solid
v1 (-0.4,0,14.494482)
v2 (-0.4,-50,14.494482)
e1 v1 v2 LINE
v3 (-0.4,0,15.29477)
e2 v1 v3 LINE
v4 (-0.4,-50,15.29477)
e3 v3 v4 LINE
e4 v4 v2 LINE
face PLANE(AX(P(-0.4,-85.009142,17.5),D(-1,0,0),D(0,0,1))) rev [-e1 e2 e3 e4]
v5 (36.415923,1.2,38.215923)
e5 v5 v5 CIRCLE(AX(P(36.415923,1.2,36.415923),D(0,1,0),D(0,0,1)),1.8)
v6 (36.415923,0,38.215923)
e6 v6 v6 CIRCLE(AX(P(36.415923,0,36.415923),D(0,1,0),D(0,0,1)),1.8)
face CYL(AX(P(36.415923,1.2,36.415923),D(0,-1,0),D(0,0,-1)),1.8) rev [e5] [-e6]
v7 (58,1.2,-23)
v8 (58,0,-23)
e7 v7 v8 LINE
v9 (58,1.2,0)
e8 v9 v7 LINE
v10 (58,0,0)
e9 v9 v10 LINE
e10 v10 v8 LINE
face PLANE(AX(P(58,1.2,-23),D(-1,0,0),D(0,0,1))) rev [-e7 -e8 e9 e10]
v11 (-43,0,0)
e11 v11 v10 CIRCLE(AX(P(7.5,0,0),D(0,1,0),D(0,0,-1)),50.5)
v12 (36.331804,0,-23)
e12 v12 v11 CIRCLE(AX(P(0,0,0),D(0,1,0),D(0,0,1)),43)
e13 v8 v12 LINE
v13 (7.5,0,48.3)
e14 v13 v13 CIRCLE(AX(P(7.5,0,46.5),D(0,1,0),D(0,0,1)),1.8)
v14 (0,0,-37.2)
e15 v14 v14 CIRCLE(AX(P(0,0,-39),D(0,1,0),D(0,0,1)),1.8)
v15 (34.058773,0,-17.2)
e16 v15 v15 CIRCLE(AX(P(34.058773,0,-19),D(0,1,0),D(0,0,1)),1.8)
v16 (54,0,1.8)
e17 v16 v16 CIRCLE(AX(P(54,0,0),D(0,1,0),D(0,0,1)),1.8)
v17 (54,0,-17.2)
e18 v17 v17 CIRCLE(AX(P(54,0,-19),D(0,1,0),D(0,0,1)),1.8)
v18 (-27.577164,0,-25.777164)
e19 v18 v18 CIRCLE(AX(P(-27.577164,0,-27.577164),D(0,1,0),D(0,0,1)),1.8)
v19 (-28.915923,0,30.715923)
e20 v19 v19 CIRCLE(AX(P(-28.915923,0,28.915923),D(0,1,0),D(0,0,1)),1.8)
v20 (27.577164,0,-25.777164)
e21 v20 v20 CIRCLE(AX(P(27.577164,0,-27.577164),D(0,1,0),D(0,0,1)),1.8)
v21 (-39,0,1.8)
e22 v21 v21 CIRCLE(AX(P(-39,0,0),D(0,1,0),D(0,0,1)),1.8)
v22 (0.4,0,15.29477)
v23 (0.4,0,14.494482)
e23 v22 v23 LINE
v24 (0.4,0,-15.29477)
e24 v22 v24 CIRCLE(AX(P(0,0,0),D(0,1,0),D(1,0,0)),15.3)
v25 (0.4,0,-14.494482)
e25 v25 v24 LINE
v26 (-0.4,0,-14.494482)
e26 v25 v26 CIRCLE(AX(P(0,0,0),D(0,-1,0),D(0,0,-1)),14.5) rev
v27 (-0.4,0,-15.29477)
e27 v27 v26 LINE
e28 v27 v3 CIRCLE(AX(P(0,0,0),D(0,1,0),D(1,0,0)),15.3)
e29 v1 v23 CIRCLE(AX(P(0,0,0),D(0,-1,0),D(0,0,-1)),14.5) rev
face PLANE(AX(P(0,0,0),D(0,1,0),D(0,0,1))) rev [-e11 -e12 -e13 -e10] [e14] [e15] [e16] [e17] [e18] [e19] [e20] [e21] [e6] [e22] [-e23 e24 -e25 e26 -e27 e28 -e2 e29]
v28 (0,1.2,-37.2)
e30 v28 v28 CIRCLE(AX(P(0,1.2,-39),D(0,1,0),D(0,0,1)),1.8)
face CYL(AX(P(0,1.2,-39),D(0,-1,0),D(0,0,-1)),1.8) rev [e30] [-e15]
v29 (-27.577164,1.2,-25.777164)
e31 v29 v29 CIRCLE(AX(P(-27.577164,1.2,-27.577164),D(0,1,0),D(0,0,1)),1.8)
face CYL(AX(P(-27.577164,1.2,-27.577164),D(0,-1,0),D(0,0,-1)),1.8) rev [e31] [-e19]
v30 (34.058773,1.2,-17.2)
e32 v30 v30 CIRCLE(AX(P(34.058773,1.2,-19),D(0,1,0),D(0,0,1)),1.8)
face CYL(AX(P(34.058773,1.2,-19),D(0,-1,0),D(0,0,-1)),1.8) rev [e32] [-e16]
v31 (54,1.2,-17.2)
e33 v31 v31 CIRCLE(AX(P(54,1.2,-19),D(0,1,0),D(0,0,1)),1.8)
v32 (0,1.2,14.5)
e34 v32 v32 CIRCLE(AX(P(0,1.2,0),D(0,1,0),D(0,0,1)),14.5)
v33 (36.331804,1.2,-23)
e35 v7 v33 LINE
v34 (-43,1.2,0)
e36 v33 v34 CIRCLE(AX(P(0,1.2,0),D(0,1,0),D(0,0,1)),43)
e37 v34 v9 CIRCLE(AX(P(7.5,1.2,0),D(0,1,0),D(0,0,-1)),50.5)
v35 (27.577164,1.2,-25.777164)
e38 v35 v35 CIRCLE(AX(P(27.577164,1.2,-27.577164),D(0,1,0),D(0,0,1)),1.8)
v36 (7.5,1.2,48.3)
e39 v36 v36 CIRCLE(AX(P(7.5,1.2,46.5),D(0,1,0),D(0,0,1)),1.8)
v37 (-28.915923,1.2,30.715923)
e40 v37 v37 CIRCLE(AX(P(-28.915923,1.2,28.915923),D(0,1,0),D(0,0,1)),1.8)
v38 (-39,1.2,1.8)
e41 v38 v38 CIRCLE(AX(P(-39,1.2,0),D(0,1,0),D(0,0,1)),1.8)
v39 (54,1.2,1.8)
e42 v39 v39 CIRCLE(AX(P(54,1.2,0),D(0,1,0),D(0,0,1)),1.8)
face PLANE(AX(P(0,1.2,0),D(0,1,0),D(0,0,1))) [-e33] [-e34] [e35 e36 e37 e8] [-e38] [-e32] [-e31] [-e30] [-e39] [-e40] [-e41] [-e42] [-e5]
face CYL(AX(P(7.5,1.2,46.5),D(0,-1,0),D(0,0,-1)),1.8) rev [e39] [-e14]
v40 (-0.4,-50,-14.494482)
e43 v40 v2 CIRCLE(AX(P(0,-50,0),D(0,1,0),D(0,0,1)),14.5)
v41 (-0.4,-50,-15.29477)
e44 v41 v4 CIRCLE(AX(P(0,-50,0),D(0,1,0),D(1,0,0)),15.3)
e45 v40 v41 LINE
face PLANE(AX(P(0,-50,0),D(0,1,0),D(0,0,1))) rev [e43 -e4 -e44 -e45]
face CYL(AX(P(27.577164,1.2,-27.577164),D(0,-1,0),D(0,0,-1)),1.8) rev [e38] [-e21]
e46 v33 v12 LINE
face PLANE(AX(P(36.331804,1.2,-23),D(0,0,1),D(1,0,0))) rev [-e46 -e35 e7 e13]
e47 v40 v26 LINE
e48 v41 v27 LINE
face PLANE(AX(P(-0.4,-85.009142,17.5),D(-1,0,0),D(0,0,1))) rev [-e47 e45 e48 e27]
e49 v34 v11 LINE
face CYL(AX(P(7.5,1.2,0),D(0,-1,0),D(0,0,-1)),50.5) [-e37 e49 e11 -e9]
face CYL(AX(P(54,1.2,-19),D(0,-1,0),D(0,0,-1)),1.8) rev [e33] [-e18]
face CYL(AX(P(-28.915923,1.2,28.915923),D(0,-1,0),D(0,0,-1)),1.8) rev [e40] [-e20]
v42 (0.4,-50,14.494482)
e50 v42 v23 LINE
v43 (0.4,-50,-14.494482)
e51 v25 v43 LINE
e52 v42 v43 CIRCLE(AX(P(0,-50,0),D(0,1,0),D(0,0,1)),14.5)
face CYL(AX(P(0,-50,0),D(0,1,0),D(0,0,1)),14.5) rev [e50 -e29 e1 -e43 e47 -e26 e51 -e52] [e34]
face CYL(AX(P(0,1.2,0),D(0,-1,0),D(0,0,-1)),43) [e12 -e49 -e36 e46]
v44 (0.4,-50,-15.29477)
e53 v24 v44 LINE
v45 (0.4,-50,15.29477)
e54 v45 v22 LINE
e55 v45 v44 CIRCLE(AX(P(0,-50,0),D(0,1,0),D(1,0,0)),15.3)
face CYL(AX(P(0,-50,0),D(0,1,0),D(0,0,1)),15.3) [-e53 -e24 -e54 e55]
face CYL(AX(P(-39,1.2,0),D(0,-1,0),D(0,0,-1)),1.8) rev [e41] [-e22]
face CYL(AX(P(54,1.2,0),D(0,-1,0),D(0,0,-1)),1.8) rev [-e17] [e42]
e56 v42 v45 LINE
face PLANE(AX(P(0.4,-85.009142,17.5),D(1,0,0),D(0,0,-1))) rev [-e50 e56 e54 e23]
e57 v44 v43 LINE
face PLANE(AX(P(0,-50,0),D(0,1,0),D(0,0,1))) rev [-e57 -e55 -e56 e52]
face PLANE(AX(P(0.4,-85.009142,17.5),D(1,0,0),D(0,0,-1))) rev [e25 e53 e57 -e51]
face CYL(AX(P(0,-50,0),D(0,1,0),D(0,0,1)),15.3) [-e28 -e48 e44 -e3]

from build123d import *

# Parameters (mm, degrees)
EXTRUDE_1_DEPTH     = 1.2
SKETCH_2_R          = 15.3
SKETCH_2_R_2        = 14.5
EXTRUDE_1_2_DEPTH   = 50
EXTRUDE_2_DEPTH     = 1.2
SKETCH_8_R          = 1.8
CUT_EXTRUDE_4_DEPTH = 2.2
SKETCH_2_2_R        = 14.5
CUT_EXTRUDE_1_DEPTH = 2.2
CUT_EXTRUDE_START   = -50
SKETCH_3_W          = 0.8
SKETCH_3_H          = 35
CUT_EXTRUDE_2_DEPTH = 50


with BuildPart() as part:
    # Sketch 1 → Extrude 1 (new body)
    with BuildSketch(Plane(origin=(0, 0, 0), x_dir=(1, 0, 0), z_dir=(0, 1, 0))):
        with BuildLine():
            Line((35, 0), (35, 15))
            Line((35, 15), (50, 15))
            Line((50, 15), (50, 0))
            ThreePointArc((50, 0), (7.5, -42.5), (-35, 0))
            ThreePointArc((-35, 0), (0, 35), (35, 0))
        make_face()
    extrude(amount=EXTRUDE_1_DEPTH)

    # Sketch 2 → Extrude 1 2 (add)
    with BuildSketch(Plane(origin=(0, 0, 0), x_dir=(1, 0, 0), z_dir=(0, 1, 0))):
        Circle(SKETCH_2_R)
        Circle(SKETCH_2_R_2, mode=Mode.SUBTRACT)
    extrude(amount=-EXTRUDE_1_2_DEPTH)

    # Sketch 7 → Extrude 2 (add)
    with BuildSketch(Plane(origin=(0, 0, 0), x_dir=(1, 0, 0), z_dir=(0, 1, 0))):
        with BuildLine():
            Line((36.331804249, 23), (58, 23))
            Line((58, 23), (58, 0))
            ThreePointArc((58, 0), (7.5, -50.5), (-43, 0))
            ThreePointArc((-43, 0), (-11.973562905, 41.299319502), (36.331804249, 23))
        make_face()
        with BuildLine():
            Line((35, 0), (35, 15))
            Line((35, 15), (50, 15))
            Line((50, 15), (50, 0))
            ThreePointArc((50, 0), (7.5, -42.5), (-35, 0))
            ThreePointArc((-35, 0), (0, 35), (35, 0))
        make_face(mode=Mode.SUBTRACT)
    extrude(amount=EXTRUDE_2_DEPTH)

    # Sketch 8 → Cut-Extrude 4 (cut, through all)
    with BuildSketch(Plane(origin=(0, 0, 0), x_dir=(1, 0, 0), z_dir=(0, 1, 0))):
        with Locations((34.058772732, 19)):
            Circle(SKETCH_8_R)
        with Locations((54, 19)):
            Circle(SKETCH_8_R)
        with Locations((54, 0)):
            Circle(SKETCH_8_R)
        with Locations((7.5, -46.5)):
            Circle(SKETCH_8_R)
        with Locations((-39, 0)):
            Circle(SKETCH_8_R)
        with Locations((0, 39)):
            Circle(SKETCH_8_R)
        with Locations((36.415922611, -36.415922611)):
            Circle(SKETCH_8_R)
        with Locations((-28.915922611, -28.915922611)):
            Circle(SKETCH_8_R)
        with Locations((-27.577164466, 27.577164466)):
            Circle(SKETCH_8_R)
        with Locations((27.577164466, 27.577164466)):
            Circle(SKETCH_8_R)
    extrude(amount=CUT_EXTRUDE_4_DEPTH, mode=Mode.SUBTRACT)

    # Sketch 2_2 → Cut-Extrude 1 (cut, through all)
    with BuildSketch(Plane(origin=(0, 0, 0), x_dir=(1, 0, 0), z_dir=(0, 1, 0))):
        Circle(SKETCH_2_2_R)
    extrude(amount=CUT_EXTRUDE_1_DEPTH, mode=Mode.SUBTRACT)

    # Sketch 3 → Cut-Extrude 2 (cut)
    with BuildSketch(Plane(origin=(0, 0, 0), x_dir=(1, 0, 0), z_dir=(0, 1, 0)).offset(CUT_EXTRUDE_START)):
        Rectangle(SKETCH_3_W, SKETCH_3_H)
    extrude(amount=CUT_EXTRUDE_2_DEPTH, mode=Mode.SUBTRACT)


solid = part.part
